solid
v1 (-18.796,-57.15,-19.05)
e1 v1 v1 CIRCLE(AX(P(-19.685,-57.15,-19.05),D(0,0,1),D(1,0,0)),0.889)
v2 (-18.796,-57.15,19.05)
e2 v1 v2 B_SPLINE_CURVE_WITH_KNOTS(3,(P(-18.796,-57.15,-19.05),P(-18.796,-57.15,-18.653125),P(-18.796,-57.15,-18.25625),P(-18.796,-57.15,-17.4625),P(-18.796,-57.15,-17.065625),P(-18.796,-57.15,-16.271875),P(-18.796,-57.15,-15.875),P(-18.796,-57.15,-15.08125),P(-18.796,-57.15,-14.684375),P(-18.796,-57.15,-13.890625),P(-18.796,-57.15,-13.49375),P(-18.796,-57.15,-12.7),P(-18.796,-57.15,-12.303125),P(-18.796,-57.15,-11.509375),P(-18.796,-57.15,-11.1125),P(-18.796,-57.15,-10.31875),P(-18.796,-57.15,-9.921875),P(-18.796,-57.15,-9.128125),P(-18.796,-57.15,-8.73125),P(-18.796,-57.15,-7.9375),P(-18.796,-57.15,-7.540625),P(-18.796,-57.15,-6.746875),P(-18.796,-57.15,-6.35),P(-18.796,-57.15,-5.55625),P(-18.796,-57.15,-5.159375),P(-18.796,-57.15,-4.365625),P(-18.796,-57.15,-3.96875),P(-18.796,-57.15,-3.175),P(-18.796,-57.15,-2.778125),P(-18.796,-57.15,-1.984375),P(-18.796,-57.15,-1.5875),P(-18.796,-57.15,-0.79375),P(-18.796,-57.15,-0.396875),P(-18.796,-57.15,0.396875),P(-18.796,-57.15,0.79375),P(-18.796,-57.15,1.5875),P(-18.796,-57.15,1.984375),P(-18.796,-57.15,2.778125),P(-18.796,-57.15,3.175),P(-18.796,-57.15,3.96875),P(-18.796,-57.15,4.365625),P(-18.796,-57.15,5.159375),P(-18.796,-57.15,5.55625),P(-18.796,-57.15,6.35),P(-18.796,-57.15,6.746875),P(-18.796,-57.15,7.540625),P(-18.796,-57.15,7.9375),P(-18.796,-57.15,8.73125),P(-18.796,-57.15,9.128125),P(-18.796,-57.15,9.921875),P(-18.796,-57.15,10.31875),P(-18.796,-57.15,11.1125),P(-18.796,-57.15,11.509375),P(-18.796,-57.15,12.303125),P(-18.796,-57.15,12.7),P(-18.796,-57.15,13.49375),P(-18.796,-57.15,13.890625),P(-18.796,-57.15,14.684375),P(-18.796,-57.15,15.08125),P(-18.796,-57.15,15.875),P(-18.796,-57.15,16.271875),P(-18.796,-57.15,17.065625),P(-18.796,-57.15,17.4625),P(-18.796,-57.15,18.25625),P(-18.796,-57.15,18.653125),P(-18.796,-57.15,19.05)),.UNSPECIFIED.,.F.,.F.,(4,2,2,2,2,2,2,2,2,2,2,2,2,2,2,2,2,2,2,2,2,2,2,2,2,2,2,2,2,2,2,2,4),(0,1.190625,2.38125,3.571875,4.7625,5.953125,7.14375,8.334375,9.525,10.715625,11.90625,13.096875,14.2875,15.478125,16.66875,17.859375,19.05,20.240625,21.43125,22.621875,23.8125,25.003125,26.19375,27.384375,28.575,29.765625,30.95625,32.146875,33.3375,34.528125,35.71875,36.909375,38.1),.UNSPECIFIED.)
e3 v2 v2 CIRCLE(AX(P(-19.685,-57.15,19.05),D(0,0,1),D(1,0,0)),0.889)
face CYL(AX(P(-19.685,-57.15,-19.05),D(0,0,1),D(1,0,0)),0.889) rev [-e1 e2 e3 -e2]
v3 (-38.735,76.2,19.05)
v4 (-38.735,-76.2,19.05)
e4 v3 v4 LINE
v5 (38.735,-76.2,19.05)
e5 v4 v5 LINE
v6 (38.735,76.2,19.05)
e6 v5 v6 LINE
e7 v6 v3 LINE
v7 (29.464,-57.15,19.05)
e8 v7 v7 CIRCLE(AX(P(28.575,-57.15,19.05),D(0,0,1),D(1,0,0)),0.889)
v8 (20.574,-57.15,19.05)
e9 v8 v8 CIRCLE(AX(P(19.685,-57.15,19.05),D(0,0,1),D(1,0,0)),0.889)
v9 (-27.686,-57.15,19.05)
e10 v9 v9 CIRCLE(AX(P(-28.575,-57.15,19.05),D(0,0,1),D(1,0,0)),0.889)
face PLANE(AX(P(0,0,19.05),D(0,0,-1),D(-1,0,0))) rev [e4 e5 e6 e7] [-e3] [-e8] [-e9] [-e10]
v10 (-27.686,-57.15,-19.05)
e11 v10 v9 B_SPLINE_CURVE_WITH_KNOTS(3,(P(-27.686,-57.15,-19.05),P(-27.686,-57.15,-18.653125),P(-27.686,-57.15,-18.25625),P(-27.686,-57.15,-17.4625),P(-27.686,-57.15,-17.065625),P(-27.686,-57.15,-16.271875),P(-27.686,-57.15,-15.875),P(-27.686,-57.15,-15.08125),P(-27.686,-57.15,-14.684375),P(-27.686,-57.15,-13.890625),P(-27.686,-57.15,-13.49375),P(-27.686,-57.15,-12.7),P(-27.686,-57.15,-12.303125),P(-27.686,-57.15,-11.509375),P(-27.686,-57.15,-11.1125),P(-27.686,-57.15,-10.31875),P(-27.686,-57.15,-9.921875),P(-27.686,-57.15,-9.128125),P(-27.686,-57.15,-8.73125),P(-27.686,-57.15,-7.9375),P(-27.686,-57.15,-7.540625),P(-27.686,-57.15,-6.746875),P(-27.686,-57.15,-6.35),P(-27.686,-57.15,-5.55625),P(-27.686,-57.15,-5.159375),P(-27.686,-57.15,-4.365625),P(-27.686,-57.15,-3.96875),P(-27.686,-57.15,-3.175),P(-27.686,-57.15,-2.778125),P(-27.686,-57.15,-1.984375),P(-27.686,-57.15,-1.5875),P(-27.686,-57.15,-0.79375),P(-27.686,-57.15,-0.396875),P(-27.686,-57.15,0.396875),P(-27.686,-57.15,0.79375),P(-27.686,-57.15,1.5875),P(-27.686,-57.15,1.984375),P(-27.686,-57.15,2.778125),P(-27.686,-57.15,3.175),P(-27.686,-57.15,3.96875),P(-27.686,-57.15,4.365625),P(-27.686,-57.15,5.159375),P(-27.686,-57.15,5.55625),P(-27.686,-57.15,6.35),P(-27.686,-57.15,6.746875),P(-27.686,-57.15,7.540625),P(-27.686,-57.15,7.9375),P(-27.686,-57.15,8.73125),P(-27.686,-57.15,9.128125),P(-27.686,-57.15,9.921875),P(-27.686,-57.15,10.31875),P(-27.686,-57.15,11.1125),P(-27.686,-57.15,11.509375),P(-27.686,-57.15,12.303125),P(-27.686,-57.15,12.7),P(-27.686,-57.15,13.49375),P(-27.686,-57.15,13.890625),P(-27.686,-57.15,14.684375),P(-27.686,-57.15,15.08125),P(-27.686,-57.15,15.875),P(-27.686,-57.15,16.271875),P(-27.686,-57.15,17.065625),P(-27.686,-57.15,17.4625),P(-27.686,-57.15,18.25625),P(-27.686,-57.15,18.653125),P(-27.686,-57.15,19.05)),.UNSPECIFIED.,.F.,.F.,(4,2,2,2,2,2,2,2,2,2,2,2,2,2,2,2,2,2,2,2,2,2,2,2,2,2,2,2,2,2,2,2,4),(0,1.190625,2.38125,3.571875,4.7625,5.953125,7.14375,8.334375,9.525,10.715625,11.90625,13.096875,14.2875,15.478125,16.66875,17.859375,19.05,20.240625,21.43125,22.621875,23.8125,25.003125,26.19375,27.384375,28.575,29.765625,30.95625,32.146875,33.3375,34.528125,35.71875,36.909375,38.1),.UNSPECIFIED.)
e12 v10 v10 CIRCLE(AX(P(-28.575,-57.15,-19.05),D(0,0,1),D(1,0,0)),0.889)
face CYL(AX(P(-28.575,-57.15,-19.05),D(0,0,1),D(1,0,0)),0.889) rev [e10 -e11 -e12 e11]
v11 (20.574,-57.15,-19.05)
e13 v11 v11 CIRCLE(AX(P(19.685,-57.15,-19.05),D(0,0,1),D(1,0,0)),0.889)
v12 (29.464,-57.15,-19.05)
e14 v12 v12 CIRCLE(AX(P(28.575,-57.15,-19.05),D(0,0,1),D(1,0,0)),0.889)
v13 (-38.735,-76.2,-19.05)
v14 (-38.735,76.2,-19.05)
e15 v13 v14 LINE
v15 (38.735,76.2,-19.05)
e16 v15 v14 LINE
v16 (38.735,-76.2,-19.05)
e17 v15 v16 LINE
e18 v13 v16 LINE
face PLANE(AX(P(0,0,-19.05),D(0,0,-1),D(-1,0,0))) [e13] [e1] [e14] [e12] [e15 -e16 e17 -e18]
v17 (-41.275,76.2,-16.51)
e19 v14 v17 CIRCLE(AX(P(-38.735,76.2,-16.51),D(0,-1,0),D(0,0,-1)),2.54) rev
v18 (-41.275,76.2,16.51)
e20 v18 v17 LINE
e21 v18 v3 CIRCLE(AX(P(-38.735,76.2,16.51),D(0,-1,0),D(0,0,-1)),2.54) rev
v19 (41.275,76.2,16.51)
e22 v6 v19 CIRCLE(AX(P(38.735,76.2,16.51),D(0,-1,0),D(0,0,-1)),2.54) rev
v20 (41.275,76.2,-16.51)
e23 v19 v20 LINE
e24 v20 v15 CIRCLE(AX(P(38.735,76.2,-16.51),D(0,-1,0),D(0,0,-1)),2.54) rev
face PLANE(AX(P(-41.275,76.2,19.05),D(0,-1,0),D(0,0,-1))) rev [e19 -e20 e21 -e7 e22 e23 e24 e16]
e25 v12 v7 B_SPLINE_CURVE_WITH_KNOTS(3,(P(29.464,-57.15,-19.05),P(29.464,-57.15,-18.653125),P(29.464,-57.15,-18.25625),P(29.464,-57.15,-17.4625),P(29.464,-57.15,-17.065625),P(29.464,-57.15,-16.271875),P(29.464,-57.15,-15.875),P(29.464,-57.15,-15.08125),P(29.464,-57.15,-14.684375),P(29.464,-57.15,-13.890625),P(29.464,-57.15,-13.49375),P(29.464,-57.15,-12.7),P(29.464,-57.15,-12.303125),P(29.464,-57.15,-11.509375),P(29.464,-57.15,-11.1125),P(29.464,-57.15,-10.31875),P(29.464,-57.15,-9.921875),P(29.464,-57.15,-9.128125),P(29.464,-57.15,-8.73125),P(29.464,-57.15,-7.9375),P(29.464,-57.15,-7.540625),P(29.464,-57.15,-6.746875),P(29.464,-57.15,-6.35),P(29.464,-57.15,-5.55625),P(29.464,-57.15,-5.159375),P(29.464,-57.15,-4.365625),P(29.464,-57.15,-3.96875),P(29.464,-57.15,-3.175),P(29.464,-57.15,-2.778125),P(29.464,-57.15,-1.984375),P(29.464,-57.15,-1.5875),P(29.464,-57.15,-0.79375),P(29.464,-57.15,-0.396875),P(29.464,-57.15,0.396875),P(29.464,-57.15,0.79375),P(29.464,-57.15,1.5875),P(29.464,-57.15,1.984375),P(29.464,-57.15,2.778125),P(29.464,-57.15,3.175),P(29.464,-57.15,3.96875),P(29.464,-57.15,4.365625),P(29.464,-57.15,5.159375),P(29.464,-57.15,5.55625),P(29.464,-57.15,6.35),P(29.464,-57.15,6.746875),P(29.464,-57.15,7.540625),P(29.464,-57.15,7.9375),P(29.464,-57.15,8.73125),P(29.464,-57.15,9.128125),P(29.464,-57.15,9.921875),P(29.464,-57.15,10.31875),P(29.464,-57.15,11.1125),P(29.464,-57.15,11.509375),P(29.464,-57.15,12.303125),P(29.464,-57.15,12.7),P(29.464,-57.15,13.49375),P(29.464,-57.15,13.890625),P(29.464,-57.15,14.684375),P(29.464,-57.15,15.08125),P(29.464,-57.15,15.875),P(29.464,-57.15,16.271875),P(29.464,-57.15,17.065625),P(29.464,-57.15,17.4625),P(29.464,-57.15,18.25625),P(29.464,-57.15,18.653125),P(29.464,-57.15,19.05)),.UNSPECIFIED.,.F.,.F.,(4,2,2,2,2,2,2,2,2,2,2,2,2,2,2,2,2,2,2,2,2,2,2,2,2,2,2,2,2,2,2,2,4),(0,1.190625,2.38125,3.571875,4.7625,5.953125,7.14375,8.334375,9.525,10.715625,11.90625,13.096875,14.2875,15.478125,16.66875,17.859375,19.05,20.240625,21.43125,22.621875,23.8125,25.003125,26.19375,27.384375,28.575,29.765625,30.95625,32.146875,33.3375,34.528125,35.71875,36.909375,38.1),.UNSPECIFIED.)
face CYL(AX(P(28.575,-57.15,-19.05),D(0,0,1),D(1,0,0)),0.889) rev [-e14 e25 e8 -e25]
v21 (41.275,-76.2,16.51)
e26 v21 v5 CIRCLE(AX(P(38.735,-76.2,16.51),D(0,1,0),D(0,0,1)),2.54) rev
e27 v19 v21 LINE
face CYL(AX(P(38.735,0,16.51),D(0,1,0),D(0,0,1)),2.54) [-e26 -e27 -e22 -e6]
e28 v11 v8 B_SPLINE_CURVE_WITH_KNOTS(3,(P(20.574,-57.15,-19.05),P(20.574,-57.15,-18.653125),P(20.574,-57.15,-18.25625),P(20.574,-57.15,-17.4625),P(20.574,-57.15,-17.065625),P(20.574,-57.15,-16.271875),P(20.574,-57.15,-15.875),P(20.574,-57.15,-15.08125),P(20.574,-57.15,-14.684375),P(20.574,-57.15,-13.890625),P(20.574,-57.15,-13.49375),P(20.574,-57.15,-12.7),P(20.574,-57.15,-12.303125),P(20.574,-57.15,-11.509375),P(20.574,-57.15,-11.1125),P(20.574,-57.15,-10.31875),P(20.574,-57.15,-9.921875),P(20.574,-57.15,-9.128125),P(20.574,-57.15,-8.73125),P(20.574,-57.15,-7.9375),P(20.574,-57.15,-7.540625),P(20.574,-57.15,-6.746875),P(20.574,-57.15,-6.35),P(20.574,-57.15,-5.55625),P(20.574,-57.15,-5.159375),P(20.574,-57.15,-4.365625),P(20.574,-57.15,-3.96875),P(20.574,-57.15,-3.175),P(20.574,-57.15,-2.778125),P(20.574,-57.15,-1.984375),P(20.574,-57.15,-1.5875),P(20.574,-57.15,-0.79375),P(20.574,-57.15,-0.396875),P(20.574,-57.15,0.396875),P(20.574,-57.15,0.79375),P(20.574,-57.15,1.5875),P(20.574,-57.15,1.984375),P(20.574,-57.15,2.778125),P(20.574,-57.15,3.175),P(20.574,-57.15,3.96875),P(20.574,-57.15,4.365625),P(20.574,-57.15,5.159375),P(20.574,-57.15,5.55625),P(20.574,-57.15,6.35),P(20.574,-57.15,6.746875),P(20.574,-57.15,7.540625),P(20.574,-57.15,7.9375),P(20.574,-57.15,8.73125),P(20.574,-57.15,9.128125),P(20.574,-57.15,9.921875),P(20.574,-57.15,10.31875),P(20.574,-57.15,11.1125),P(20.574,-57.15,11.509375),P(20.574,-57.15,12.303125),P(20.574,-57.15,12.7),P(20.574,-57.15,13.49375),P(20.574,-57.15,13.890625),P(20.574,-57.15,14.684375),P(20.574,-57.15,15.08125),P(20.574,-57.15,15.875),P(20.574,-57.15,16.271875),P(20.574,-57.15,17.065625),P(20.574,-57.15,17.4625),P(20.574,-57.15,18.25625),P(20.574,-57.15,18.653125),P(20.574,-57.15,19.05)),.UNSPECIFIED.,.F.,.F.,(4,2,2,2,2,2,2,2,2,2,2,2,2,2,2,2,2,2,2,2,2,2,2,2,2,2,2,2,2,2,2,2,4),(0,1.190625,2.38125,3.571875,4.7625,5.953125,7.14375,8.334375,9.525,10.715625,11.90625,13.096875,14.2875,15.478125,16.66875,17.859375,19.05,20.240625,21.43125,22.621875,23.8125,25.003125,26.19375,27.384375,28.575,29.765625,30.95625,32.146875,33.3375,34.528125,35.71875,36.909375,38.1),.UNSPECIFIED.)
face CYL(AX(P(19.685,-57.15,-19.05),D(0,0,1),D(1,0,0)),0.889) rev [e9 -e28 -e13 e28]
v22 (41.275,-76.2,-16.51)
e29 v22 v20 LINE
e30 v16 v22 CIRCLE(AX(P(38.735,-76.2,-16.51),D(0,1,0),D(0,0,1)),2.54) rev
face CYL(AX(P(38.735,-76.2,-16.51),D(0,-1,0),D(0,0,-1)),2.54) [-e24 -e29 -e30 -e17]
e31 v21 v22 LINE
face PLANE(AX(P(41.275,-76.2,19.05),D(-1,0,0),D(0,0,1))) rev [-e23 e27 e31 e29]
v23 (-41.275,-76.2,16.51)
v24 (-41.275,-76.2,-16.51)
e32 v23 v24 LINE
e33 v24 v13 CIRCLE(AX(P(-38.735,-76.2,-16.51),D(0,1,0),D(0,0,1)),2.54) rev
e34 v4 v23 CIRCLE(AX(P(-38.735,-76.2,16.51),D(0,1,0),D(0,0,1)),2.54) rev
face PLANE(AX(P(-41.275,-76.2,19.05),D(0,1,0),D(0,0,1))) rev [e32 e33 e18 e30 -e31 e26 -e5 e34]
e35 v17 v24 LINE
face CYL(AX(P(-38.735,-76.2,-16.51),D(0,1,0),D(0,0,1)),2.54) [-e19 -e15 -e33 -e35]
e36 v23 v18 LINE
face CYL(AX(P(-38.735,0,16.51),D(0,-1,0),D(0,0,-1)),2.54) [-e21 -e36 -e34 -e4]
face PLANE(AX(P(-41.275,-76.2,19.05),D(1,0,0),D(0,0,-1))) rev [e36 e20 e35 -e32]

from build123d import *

# Parameters (mm, degrees)
SKETCH1_W           = 82.55
SKETCH1_H           = 152.4
BOSS_EXTRUDE1_DEPTH = 19.05
SKETCH2_R           = 0.889
CUT_EXTRUDE1_DEPTH  = 95.666127126
FILLET1_R           = 2.54


with BuildPart() as part:
    # Sketch1 → Boss-Extrude1 (new, symmetric)
    with BuildSketch(Plane.XY):
        Rectangle(SKETCH1_W, SKETCH1_H)
    extrude(amount=BOSS_EXTRUDE1_DEPTH, both=True)

    # Sketch2 → Cut-Extrude1 (cut, through all)
    with BuildSketch(Plane.XY.offset(19.05)):
        with Locations((-28.575, -57.15)):
            Circle(SKETCH2_R)
        with Locations((-19.685, -57.15)):
            Circle(SKETCH2_R)
        with Locations((28.575, -57.15)):
            Circle(SKETCH2_R)
        with Locations((19.685, -57.15)):
            Circle(SKETCH2_R)
    extrude(amount=-CUT_EXTRUDE1_DEPTH, mode=Mode.SUBTRACT)

    # Fillet1
    fillet1_edges = [part.edges().sort_by_distance(p)[0] for p in [
        (-41.275, 0, 19.05),
        (41.275, 0, 19.05),
        (-41.275, 0, -19.05),
        (41.275, 0, -19.05),
    ]]
    fillet(fillet1_edges, radius=FILLET1_R)


solid = part.part
